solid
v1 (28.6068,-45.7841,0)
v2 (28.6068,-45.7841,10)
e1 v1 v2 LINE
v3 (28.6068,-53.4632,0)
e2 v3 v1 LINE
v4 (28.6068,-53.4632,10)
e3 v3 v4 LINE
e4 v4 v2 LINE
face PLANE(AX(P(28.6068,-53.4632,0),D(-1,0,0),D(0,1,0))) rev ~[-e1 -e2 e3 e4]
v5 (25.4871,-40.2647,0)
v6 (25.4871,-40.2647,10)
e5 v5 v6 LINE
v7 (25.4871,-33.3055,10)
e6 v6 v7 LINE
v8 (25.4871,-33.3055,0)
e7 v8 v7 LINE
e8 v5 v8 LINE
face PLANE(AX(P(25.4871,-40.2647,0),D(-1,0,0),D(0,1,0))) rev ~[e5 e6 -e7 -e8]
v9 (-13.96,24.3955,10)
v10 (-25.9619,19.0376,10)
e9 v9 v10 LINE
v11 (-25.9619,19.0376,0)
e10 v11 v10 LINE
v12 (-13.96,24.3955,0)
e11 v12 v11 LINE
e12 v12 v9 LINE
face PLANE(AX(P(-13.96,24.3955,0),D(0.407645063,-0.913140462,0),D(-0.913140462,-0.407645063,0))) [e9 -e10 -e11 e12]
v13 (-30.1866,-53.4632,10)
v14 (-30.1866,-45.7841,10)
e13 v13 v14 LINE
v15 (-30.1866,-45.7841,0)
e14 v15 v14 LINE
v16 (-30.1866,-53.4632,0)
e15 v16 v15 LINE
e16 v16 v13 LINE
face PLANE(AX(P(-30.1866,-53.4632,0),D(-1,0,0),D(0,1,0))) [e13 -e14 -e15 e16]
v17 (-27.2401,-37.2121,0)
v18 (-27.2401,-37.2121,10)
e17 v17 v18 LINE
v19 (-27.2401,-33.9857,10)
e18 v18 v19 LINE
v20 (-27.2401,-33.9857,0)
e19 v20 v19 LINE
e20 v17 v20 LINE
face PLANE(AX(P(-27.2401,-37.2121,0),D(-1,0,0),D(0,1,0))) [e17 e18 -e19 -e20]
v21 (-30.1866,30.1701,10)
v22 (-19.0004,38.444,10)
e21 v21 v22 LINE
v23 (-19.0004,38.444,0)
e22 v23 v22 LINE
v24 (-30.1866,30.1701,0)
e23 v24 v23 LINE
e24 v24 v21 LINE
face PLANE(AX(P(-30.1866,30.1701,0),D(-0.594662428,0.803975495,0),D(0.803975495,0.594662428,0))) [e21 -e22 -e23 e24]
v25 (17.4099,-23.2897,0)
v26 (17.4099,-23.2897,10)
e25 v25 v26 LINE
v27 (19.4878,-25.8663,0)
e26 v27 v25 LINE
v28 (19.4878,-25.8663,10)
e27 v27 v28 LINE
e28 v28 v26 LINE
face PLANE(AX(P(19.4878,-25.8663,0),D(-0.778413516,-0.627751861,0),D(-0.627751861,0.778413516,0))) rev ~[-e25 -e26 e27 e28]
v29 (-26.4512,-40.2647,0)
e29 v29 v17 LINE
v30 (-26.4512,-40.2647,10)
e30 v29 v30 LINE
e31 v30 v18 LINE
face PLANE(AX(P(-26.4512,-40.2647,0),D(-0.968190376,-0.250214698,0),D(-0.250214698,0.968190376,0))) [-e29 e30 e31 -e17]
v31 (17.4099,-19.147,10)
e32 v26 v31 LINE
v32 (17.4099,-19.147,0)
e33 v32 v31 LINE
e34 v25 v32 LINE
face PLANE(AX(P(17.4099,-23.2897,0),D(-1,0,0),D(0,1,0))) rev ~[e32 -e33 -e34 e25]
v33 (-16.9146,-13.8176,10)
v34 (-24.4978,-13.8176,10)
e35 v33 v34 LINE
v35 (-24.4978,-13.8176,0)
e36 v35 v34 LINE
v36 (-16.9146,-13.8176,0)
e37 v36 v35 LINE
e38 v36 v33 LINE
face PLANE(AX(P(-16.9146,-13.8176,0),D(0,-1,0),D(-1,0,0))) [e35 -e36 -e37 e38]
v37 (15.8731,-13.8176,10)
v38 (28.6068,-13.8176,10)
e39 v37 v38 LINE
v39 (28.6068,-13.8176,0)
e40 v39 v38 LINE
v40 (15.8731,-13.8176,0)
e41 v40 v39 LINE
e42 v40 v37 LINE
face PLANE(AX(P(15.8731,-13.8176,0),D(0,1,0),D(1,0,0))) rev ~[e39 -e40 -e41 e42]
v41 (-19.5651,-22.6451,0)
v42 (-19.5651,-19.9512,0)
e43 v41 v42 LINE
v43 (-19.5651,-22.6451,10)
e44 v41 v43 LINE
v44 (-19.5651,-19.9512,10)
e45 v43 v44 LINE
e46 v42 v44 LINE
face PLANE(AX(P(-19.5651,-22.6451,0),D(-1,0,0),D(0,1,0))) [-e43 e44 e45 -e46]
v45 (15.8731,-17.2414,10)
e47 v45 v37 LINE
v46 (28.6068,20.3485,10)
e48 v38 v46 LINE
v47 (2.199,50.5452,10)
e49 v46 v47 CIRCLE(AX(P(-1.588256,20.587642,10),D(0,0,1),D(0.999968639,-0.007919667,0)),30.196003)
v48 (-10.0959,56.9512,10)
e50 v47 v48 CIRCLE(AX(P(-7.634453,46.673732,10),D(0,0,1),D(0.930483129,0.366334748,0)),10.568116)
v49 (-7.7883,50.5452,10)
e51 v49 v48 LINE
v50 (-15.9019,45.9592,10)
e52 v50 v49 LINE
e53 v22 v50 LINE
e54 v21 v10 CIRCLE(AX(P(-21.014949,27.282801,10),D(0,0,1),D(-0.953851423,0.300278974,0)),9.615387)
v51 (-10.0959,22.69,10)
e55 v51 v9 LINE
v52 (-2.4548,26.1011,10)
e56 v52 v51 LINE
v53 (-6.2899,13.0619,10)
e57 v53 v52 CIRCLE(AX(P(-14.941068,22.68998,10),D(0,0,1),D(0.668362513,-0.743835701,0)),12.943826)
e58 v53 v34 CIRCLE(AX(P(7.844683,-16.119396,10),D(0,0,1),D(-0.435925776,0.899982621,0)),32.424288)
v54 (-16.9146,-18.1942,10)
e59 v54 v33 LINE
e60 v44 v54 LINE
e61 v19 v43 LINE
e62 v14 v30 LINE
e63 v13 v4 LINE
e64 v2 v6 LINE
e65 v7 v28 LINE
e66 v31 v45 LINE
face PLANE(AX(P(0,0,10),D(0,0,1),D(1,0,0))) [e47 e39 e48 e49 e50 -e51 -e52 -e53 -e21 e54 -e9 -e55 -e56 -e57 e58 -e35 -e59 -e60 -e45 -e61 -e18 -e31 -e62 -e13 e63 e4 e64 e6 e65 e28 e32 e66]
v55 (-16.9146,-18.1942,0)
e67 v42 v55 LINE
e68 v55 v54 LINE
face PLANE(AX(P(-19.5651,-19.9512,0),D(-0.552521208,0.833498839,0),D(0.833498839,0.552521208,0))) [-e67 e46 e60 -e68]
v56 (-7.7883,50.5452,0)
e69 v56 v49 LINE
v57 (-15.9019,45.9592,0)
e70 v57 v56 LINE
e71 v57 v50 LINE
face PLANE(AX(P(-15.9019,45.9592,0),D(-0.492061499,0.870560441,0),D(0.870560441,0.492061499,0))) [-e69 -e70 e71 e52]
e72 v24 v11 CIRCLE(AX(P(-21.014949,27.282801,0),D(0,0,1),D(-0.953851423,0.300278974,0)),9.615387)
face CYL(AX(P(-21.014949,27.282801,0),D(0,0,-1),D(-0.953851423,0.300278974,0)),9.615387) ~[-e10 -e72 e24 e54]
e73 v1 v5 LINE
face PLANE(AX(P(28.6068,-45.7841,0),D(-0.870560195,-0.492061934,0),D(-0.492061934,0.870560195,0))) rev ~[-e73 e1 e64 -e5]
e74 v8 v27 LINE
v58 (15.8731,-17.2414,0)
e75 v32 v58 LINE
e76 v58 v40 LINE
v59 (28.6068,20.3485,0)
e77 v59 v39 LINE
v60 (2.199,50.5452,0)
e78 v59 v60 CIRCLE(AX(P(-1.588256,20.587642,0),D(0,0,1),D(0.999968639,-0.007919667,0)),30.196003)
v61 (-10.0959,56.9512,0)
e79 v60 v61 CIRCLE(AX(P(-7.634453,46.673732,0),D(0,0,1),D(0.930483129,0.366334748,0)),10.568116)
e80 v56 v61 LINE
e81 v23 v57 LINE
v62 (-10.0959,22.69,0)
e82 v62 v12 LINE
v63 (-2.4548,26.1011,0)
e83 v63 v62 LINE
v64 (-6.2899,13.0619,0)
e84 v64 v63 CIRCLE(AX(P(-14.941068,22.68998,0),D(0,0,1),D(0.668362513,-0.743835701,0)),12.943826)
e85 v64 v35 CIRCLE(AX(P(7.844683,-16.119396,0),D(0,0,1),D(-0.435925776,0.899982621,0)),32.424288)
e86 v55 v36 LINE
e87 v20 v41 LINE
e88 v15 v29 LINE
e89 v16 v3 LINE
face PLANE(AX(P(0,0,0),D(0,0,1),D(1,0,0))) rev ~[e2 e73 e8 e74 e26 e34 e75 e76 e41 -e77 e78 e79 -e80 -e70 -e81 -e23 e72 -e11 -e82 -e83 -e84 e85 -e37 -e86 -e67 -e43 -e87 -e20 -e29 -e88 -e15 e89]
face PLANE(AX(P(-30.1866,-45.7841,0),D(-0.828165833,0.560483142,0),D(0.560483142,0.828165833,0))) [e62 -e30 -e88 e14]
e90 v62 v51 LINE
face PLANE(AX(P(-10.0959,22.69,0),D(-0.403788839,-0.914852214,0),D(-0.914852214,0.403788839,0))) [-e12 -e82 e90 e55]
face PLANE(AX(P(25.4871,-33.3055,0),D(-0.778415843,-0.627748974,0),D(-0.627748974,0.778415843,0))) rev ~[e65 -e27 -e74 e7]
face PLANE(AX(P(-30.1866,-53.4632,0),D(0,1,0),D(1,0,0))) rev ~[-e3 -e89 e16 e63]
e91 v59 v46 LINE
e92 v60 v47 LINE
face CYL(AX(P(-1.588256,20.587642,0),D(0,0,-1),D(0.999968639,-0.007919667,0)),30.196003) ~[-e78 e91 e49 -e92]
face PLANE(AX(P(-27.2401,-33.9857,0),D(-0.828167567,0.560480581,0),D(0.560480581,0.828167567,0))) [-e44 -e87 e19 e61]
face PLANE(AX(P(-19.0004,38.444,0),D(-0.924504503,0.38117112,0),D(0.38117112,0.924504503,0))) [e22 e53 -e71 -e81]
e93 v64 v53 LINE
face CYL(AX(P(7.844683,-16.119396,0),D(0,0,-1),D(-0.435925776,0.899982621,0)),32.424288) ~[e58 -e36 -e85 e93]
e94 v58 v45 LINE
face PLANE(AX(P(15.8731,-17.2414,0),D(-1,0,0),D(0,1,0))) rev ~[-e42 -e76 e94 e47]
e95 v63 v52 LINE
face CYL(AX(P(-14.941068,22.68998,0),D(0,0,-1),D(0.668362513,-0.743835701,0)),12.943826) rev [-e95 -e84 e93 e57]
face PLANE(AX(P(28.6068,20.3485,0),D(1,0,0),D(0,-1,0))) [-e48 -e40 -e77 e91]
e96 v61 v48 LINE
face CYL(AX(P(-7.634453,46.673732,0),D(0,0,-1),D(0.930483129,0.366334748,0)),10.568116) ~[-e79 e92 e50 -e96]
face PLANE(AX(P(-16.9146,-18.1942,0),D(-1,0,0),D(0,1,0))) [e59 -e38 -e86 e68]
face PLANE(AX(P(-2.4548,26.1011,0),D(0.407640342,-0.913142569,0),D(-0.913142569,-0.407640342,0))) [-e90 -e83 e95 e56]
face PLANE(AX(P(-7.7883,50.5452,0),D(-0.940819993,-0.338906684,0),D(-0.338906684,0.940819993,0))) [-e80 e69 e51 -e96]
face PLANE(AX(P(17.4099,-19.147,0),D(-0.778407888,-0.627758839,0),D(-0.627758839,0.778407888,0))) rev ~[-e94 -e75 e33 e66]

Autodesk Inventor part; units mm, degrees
ref_plane "YZ Plane" through (0, 0, 0) normal (1, 0, 0) x (0, 1, 0)
ref_plane "XZ Plane" through (0, 0, 0) normal (0, 1, 0) x (-1, 0, 0)
ref_plane "XY Plane" through (0, 0, 0) normal (0, 0, 1) x (1, 0, 0)
sketch "Boceto1" plane through (0, 0, 0) normal (0, 0, 1) x (1, 0, 0)
  line L0 (-71.1055, 70.4875) -> (71.7516, 70.4875) construction
  line L1 (71.7516, 70.4875) -> (71.7516, -69.9887) construction
  line L2 (71.7516, -69.9887) -> (-71.1055, -69.9887) construction
  line L3 (-71.1055, -69.9887) -> (-71.1055, 70.4875) construction
  line L4 (-16.344, -18.0372) -> (15.0954, -18.0372)
  point P0 (0, 0)
sketch "Boceto2" plane through (0, 0, 0) normal (0, 0, 1) x (1, 0, 0)
  line L0 (-30.1866, -53.4632) -> (28.6068, -53.4632)
  line L1 (28.6068, -53.4632) -> (28.6068, -45.7841)
  line L2 (28.6068, -45.7841) -> (25.4871, -40.2647)
  line L3 (25.4871, -40.2647) -> (25.4871, -33.3055)
  line L4 (25.4871, -33.3055) -> (19.4878, -25.8663)
  line L5 (19.4878, -25.8663) -> (17.4099, -23.2897)
  line L6 (17.4099, -23.2897) -> (17.4099, -19.147)
  line L7 (17.4099, -19.147) -> (15.8731, -17.2414)
  line L8 (15.8731, -17.2414) -> (15.8731, -13.8176)
  line L9 (15.8731, -13.8176) -> (28.6068, -13.8176)
  line L10 (28.6068, -13.8176) -> (28.6068, 15.1601)
  line L11 (-30.1866, -53.4632) -> (-30.1866, -45.7841)
  line L12 (-30.1866, -45.7841) -> (-26.4512, -40.2647)
  line L13 (-26.4512, -40.2647) -> (-27.2401, -37.2121)
  line L14 (-27.2401, -37.2121) -> (-27.2401, -33.9857)
  line L15 (-27.2401, -33.9857) -> (-19.5651, -22.6451)
  line L16 (-19.5651, -22.6451) -> (-19.5651, -19.9512)
  line L17 (-19.5651, -19.9512) -> (-16.9146, -18.1942)
  line L18 (-16.9146, -18.1942) -> (-16.9146, -13.8176)
  line L19 (-16.9146, -13.8176) -> (-24.4978, -13.8176)
  arc A0 (-6.2899, 13.0619) -> (-24.4978, -13.8176) centre (7.8446, -16.1193) ccw
  arc A1 (-6.2899, 13.0619) -> (-2.4548, 26.1011) centre (-14.9411, 22.69) ccw
  line L20 (-2.4548, 26.1011) -> (-10.0959, 22.69)
  line L21 (-10.0959, 22.69) -> (-13.96, 24.3955)
  line L22 (-13.96, 24.3955) -> (-25.9619, 19.0376)
  arc A2 (-30.1866, 30.1701) -> (-25.9619, 19.0376) centre (-21.015, 27.2828) ccw
  line L23 (-30.1866, 30.1701) -> (-19.0004, 38.444)
  line L24 (-19.0004, 38.444) -> (-15.9019, 45.9592)
  line L25 (-15.9019, 45.9592) -> (-7.7883, 50.5452)
  line L26 (-7.7883, 50.5452) -> (-10.0959, 56.9512)
  arc A3 (2.199, 50.5452) -> (-10.0959, 56.9512) centre (-7.6346, 46.6736) ccw
  arc A4 (28.6068, 20.3485) -> (2.199, 50.5452) centre (-1.5881, 20.5877) ccw
  line L27 (28.6068, 20.3485) -> (28.6068, -13.8176)
  line L28 (-16.9146, -13.8176) -> (15.8731, -13.8176)
  point P0 (0, 0)
extrude "Extrusión1" add sketch "Boceto2" along normal blind 10
sketch "Boceto3" plane through (0, 0, 10) normal (0, 0, 1) x (1, 0, 0)
  line L0 (-16.9146, -13.8176) -> (-16.9146, -18.1942) projected
  line L1 (15.8731, -17.2414) -> (15.8731, -13.8176) projected
  line L2 (-16.9146, -13.8176) -> (15.8731, -13.8176)
  line L3 (15.8731, -13.8176) -> (15.8731, -17.2414)
  line L4 (15.8731, -17.2414) -> (17.4099, -21.9355)
  line L5 (17.4099, -23.2897) -> (17.4099, -19.147) projected
  line L6 (17.4099, -21.9355) -> (17.4099, -23.2897)
  line L7 (17.4099, -23.2897) -> (18.0548, -23.9053)
  line L8 (25.4871, -40.2647) -> (25.4871, -33.3055) projected
  line L9 (29.7175, -53.186) -> (29.9979, -54.0424)
  line L10 (29.9979, -54.0424) -> (29.9979, -53.186)
  line L11 (29.9979, -53.186) -> (-30.6163, -53.186)
  line L12 (-30.6163, -53.186) -> (-30.6163, -42.5113)
  line L13 (-30.6163, -42.5113) -> (-26, -41)
  line L14 (-27.2401, -33.9857) -> (-27.2401, -37.2121) projected
  line L15 (-26, -41) -> (-27.2401, -37.2121)
  line L16 (-27.2401, -37.2121) -> (-27.2401, -33.9857)
  line L17 (-27.2401, -33.9857) -> (-19.7765, -26.1669)
  line L18 (-19.7765, -26.1669) -> (-19.7765, -18.6785)
  line L19 (-19.7765, -18.6785) -> (-15.3627, -17.2335)
  line L20 (-15.3627, -17.2335) -> (-16.9146, -13.8176)
  line L21 (0, 0) -> (-0.3092, -53.186)
  line L22 (29.7175, -53.186) -> (29.7175, -46)
  line L23 (28.6068, -45.7841) -> (25.4871, -40.2647) projected
  line L24 (29.7175, -46) -> (25.4871, -40.2647)
  line L25 (25.4871, -33.3055) -> (17.4099, -23.2897) projected
  line L26 (25.4871, -33.3055) -> (17.4099, -23.2897)
  line L27 (-24.4978, -13.8176) -> (-16.9146, -13.8176) projected
  line L28 (-16.9146, -13.8176) -> (15.8731, -13.8176)
properties part number "KINGHT 1.0"
